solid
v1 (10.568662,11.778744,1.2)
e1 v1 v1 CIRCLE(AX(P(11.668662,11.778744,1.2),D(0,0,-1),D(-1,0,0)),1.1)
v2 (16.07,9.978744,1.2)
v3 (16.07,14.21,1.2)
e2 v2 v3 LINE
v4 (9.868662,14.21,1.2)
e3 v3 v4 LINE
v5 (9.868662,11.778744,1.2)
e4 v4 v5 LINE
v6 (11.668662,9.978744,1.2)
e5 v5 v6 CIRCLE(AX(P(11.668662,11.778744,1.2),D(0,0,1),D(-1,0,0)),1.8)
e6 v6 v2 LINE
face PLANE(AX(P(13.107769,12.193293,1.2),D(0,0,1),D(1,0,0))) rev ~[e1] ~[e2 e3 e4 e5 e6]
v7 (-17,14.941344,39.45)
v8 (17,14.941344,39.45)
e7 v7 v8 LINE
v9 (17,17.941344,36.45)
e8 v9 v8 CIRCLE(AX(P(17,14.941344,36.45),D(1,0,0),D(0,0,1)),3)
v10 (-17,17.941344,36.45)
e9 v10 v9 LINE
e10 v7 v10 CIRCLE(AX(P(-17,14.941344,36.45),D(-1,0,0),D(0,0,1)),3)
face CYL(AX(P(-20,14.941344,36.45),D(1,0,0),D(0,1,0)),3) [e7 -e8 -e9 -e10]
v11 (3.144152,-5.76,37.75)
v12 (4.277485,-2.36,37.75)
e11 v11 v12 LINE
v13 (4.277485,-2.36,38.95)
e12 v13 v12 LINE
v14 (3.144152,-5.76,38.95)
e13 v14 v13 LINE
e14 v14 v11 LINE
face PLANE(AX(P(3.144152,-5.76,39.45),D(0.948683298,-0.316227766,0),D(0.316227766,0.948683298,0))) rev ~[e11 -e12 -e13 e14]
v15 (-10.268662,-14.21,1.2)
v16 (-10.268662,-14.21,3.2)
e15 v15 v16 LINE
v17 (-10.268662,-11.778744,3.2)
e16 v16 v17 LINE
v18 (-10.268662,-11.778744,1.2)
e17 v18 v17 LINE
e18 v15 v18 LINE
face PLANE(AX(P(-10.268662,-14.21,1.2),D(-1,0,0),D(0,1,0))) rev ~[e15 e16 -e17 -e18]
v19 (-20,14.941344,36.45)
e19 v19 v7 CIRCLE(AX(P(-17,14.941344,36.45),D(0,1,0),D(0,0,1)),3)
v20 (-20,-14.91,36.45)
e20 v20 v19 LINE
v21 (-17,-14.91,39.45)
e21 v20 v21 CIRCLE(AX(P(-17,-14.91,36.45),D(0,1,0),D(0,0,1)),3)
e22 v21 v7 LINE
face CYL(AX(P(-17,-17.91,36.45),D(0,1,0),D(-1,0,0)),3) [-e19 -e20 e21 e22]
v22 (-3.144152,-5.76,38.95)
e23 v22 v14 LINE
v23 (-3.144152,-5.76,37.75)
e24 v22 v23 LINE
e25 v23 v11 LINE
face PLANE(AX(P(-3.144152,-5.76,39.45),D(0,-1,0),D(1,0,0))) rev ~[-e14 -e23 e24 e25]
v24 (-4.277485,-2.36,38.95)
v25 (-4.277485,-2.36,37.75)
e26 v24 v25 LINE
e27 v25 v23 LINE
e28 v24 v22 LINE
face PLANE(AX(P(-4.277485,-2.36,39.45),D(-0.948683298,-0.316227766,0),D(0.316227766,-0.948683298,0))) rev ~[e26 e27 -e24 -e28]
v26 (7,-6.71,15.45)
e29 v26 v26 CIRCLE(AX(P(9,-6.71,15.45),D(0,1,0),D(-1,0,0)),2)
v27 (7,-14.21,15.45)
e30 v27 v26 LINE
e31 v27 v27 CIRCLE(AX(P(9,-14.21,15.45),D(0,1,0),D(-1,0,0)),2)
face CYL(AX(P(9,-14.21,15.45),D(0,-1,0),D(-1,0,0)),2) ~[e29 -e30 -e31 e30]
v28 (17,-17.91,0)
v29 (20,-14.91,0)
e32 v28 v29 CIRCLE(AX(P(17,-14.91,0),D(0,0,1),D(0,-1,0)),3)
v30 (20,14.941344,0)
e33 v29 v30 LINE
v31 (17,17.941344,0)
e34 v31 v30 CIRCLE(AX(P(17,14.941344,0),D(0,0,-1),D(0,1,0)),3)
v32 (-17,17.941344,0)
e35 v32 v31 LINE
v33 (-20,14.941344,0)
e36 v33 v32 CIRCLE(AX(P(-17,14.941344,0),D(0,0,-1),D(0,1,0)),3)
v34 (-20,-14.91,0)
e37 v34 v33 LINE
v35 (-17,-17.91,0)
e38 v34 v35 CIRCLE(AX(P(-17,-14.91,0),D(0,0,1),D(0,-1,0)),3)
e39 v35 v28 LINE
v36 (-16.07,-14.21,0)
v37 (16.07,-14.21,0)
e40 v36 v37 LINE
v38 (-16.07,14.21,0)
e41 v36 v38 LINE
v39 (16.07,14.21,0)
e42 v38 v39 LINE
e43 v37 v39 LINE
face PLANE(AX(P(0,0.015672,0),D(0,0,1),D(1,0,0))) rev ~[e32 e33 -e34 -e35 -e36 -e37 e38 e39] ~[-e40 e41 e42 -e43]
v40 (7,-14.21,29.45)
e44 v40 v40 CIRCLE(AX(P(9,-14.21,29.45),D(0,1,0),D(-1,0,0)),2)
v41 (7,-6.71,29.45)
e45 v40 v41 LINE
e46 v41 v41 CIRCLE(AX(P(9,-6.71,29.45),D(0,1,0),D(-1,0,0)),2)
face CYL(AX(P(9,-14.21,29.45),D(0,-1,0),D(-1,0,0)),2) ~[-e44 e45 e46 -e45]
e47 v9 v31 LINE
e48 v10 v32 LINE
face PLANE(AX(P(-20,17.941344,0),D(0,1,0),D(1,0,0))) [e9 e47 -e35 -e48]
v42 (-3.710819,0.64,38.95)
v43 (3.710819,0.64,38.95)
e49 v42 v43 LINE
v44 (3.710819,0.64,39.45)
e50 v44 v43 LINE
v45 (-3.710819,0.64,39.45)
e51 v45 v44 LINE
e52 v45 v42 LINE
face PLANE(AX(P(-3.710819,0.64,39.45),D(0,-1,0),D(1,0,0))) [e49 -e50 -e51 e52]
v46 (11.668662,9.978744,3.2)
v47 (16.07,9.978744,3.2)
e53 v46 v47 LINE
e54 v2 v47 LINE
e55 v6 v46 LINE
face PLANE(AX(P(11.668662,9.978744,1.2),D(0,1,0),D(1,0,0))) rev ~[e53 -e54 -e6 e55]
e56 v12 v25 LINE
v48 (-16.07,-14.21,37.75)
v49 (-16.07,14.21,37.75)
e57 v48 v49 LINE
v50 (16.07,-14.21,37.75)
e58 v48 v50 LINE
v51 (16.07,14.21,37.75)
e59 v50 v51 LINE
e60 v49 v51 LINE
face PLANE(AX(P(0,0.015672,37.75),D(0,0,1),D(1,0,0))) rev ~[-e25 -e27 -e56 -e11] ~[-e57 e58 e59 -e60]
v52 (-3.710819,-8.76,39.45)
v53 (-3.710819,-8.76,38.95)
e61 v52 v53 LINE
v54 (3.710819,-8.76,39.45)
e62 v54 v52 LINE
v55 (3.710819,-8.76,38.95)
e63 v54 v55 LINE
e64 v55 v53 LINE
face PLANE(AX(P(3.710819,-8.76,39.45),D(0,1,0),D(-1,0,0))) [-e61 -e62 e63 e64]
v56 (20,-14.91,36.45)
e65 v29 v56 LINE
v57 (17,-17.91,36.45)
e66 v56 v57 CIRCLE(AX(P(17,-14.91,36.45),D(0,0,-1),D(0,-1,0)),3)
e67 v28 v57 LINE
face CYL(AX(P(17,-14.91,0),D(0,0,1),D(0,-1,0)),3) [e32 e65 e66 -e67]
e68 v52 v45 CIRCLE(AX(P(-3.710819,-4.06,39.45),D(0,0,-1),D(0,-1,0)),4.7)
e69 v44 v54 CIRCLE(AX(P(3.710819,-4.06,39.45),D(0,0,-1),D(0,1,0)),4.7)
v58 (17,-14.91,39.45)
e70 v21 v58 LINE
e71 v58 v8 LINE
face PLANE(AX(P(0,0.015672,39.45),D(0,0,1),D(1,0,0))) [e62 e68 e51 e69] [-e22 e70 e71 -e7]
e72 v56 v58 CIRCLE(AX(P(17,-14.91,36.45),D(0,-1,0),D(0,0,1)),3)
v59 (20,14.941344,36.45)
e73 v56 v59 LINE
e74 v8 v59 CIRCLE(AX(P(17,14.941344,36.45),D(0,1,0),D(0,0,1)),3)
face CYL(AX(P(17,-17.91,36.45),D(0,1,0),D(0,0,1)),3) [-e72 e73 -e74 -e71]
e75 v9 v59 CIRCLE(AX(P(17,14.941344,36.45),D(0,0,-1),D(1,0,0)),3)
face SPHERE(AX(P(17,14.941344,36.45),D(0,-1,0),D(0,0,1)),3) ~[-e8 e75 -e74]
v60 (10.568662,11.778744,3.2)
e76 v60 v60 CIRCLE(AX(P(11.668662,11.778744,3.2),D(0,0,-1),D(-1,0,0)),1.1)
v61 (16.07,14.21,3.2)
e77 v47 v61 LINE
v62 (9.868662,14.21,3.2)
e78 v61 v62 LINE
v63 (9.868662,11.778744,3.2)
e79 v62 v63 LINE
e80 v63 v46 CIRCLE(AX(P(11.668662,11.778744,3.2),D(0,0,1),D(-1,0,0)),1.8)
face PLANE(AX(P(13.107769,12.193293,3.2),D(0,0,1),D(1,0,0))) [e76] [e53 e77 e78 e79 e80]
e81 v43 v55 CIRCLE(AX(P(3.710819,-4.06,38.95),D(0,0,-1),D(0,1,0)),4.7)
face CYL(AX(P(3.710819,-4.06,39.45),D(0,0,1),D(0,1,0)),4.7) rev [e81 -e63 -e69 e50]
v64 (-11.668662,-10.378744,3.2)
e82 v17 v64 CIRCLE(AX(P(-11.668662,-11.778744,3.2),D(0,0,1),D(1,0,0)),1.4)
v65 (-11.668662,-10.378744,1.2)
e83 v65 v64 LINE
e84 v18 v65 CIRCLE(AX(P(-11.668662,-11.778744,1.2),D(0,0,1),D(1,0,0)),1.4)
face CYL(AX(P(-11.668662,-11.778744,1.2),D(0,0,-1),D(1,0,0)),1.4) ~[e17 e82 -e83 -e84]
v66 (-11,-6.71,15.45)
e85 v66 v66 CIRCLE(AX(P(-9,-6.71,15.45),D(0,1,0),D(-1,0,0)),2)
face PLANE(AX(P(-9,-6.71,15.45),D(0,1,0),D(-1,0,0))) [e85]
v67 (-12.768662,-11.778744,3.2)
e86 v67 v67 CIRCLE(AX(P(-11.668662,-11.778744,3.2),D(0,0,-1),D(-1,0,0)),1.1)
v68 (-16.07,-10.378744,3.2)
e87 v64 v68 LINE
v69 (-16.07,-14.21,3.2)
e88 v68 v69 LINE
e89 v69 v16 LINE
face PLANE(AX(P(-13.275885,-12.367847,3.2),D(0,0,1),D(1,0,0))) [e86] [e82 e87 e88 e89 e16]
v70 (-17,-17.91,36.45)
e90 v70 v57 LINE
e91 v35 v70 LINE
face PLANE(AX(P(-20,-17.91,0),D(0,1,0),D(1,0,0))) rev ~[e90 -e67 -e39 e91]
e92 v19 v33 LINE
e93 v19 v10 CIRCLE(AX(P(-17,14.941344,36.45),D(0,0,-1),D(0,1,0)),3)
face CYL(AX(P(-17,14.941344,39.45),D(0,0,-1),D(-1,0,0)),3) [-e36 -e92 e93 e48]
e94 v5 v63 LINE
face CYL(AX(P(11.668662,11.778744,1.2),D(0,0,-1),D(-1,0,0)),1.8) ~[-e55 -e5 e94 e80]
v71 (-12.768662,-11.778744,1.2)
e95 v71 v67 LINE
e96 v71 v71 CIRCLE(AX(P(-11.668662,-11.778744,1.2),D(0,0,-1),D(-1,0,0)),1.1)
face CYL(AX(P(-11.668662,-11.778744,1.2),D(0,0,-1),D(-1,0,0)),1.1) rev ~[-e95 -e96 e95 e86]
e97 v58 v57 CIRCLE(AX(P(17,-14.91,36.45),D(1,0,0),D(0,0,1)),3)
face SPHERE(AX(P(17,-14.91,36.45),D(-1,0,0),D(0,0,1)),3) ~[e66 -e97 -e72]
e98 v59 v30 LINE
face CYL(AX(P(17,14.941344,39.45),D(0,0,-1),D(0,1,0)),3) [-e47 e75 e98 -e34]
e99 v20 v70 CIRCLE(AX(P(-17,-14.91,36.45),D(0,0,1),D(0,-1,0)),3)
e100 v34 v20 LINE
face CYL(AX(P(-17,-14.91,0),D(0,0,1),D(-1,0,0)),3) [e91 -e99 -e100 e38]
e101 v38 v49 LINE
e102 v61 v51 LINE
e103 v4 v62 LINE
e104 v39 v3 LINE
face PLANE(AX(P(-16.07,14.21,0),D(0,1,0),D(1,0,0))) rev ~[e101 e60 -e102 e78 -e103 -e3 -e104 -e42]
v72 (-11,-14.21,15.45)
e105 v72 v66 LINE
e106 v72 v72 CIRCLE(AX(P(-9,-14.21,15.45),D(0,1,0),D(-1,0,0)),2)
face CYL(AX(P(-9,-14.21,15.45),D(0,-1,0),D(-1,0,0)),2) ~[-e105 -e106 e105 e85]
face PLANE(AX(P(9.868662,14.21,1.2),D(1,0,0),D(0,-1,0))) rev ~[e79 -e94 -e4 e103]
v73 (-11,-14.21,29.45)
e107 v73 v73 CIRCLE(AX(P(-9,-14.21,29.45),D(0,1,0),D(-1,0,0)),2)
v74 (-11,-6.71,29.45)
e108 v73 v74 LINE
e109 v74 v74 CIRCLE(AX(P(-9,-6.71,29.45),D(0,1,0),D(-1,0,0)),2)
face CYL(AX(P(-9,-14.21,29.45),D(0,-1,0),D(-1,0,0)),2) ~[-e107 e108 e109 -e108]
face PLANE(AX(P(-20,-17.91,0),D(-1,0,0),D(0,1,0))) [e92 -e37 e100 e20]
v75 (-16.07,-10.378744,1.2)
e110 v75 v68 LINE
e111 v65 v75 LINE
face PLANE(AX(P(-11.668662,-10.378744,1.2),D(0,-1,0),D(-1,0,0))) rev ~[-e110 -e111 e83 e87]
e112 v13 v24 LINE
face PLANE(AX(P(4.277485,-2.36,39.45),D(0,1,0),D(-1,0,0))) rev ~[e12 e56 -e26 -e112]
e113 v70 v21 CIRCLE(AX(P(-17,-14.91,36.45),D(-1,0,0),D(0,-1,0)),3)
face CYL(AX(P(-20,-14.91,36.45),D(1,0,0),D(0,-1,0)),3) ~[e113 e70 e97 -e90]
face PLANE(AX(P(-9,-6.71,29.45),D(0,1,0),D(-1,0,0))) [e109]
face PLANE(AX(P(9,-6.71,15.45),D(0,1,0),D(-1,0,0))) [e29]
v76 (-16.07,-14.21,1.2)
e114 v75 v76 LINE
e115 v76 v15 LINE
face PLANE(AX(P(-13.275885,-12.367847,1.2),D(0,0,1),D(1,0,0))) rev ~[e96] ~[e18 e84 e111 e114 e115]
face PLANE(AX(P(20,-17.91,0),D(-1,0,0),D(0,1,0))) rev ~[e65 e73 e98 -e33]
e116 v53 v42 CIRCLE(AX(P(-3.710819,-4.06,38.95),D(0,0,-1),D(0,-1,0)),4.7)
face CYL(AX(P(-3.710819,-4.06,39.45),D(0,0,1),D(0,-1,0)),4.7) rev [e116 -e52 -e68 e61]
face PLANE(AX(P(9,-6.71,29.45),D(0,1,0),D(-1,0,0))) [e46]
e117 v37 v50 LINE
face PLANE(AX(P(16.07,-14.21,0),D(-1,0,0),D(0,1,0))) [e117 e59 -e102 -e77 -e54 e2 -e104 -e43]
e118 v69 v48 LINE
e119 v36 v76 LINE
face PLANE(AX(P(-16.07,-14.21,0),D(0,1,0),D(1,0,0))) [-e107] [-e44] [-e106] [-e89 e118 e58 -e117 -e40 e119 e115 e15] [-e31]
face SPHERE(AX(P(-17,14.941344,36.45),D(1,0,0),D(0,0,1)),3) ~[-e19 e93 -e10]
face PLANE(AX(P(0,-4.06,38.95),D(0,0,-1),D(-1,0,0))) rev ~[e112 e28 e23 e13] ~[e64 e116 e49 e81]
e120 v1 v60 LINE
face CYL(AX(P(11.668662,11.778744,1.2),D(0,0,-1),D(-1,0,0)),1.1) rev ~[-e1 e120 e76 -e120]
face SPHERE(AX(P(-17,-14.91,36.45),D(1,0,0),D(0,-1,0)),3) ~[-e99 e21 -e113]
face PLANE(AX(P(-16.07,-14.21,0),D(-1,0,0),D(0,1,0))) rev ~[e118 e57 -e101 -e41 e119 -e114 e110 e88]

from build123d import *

# Parameters (mm, degrees)
ESQUISSE1_W             = 40
ESQUISSE1_H             = 35.851343862
ESQUISSE1_W_2           = 32.14
ESQUISSE1_H_2           = 28.42
BOSS_EXTRU_1_DEPTH      = 39.45
ESQUISSE6_R             = 2
BOSS_EXTRU_7_DEPTH      = 7.5
ESQUISSE3_W             = 40
ESQUISSE3_H             = 35.851343862
BOSS_EXTRU_5_DEPTH      = 1.7
ENL_V_MAT_EXTRU_1_DEPTH = 0.5
ESQUISSE8_R             = 1.1
BOSS_EXTRU_8_DEPTH      = 2
CONG_1_R                = 3


with BuildPart() as part:
    # Esquisse1 → Boss.-Extru.1 (new body)
    with BuildSketch(Plane.XY):
        with Locations((0, 0.015671931)):
            Rectangle(ESQUISSE1_W, ESQUISSE1_H)
        Rectangle(ESQUISSE1_W_2, ESQUISSE1_H_2, mode=Mode.SUBTRACT)
    extrude(amount=BOSS_EXTRU_1_DEPTH)

    # Esquisse6 → Boss.-Extru.7 (add)
    with BuildSketch(Plane(origin=(0, -14.21, 0), x_dir=(1, 0, 0), z_dir=(0, 1, 0))):
        with Locations(Location((-9, -15.45, 0), (0, 0, 180))):
            Circle(ESQUISSE6_R)
        with Locations(Location((9, -15.45, 0), (0, 0, 180))):
            Circle(ESQUISSE6_R)
        with Locations(Location((-9, -29.45, 0), (0, 0, 180))):
            Circle(ESQUISSE6_R)
        with Locations(Location((9, -29.45, 0), (0, 0, 180))):
            Circle(ESQUISSE6_R)
    extrude(amount=BOSS_EXTRU_7_DEPTH)

    # Esquisse3 → Boss.-Extru.5 (add)
    with BuildSketch(Plane.XY.offset(39.45)):
        with Locations((0, 0.015671931)):
            Rectangle(ESQUISSE3_W, ESQUISSE3_H)
        Polygon((-3.144151844, -5.76), (3.144151844, -5.76), (4.277485177, -2.36), (-4.277485177, -2.36), align=None, mode=Mode.SUBTRACT)
    extrude(amount=-BOSS_EXTRU_5_DEPTH)

    # Esquisse4 → Enlèv. mat.-Extru.1 (cut)
    with BuildSketch(Plane.XY.offset(39.45)):
        with BuildLine():
            Line((-3.710818511, 0.64), (3.710818511, 0.64))
            ThreePointArc((3.710818511, 0.64), (8.410818511, -4.06), (3.710818511, -8.76))
            Line((3.710818511, -8.76), (-3.710818511, -8.76))
            ThreePointArc((-3.710818511, -8.76), (-8.410818511, -4.06), (-3.710818511, 0.64))
        make_face()
    extrude(amount=-ENL_V_MAT_EXTRU_1_DEPTH, mode=Mode.SUBTRACT)

    # Esquisse8 → Boss.-Extru.8 (add)
    # profile 1 of 2: a face of its own
    with BuildSketch(Plane(origin=(0, 0, 1.2), x_dir=(-1, 0, 0), z_dir=(0, 0, -1))):
        with BuildLine():
            Line((16.07, -10.378743894), (16.07, -14.21))
            Line((16.07, -14.21), (10.268662175, -14.21))
            Line((10.268662175, -14.21), (10.268662175, -11.778743894))
            ThreePointArc((10.268662175, -11.778743894), (10.678712682, -10.7887944), (11.668662175, -10.378743894))
            Line((11.668662175, -10.378743894), (16.07, -10.378743894))
        make_face()
        with Locations((11.668662175, -11.778743894)):
            Circle(ESQUISSE8_R, mode=Mode.SUBTRACT)
    # profile 2 of 2: a face of its own
    with BuildSketch(Plane(origin=(0, 0, 1.2), x_dir=(-1, 0, 0), z_dir=(0, 0, -1))):
        with BuildLine():
            Line((-16.07, 14.21), (-9.868662175, 14.21))
            Line((-9.868662175, 14.21), (-9.868662175, 11.778743894))
            ThreePointArc((-9.868662175, 11.778743894), (-10.395869969, 10.505951688), (-11.668662175, 9.978743894))
            Line((-11.668662175, 9.978743894), (-16.07, 9.978743894))
            Line((-16.07, 9.978743894), (-16.07, 14.21))
        make_face()
        with Locations((-11.668662175, 11.778743894)):
            Circle(ESQUISSE8_R, mode=Mode.SUBTRACT)
    extrude(amount=-BOSS_EXTRU_8_DEPTH)

    # Congé1
    cong_1_edges = [part.edges().sort_by_distance(p)[0] for p in [
        (0, -17.91, 39.45),
        (-20, -17.91, 19.725),
        (20, 0.015671931, 39.45),
        (20, -17.91, 19.725),
        (0, 17.941343862, 39.45),
        (20, 17.941343862, 19.725),
        (-20, 0.015671931, 39.45),
        (-20, 17.941343862, 19.725),
    ]]
    fillet(cong_1_edges, radius=CONG_1_R)


solid = part.part
